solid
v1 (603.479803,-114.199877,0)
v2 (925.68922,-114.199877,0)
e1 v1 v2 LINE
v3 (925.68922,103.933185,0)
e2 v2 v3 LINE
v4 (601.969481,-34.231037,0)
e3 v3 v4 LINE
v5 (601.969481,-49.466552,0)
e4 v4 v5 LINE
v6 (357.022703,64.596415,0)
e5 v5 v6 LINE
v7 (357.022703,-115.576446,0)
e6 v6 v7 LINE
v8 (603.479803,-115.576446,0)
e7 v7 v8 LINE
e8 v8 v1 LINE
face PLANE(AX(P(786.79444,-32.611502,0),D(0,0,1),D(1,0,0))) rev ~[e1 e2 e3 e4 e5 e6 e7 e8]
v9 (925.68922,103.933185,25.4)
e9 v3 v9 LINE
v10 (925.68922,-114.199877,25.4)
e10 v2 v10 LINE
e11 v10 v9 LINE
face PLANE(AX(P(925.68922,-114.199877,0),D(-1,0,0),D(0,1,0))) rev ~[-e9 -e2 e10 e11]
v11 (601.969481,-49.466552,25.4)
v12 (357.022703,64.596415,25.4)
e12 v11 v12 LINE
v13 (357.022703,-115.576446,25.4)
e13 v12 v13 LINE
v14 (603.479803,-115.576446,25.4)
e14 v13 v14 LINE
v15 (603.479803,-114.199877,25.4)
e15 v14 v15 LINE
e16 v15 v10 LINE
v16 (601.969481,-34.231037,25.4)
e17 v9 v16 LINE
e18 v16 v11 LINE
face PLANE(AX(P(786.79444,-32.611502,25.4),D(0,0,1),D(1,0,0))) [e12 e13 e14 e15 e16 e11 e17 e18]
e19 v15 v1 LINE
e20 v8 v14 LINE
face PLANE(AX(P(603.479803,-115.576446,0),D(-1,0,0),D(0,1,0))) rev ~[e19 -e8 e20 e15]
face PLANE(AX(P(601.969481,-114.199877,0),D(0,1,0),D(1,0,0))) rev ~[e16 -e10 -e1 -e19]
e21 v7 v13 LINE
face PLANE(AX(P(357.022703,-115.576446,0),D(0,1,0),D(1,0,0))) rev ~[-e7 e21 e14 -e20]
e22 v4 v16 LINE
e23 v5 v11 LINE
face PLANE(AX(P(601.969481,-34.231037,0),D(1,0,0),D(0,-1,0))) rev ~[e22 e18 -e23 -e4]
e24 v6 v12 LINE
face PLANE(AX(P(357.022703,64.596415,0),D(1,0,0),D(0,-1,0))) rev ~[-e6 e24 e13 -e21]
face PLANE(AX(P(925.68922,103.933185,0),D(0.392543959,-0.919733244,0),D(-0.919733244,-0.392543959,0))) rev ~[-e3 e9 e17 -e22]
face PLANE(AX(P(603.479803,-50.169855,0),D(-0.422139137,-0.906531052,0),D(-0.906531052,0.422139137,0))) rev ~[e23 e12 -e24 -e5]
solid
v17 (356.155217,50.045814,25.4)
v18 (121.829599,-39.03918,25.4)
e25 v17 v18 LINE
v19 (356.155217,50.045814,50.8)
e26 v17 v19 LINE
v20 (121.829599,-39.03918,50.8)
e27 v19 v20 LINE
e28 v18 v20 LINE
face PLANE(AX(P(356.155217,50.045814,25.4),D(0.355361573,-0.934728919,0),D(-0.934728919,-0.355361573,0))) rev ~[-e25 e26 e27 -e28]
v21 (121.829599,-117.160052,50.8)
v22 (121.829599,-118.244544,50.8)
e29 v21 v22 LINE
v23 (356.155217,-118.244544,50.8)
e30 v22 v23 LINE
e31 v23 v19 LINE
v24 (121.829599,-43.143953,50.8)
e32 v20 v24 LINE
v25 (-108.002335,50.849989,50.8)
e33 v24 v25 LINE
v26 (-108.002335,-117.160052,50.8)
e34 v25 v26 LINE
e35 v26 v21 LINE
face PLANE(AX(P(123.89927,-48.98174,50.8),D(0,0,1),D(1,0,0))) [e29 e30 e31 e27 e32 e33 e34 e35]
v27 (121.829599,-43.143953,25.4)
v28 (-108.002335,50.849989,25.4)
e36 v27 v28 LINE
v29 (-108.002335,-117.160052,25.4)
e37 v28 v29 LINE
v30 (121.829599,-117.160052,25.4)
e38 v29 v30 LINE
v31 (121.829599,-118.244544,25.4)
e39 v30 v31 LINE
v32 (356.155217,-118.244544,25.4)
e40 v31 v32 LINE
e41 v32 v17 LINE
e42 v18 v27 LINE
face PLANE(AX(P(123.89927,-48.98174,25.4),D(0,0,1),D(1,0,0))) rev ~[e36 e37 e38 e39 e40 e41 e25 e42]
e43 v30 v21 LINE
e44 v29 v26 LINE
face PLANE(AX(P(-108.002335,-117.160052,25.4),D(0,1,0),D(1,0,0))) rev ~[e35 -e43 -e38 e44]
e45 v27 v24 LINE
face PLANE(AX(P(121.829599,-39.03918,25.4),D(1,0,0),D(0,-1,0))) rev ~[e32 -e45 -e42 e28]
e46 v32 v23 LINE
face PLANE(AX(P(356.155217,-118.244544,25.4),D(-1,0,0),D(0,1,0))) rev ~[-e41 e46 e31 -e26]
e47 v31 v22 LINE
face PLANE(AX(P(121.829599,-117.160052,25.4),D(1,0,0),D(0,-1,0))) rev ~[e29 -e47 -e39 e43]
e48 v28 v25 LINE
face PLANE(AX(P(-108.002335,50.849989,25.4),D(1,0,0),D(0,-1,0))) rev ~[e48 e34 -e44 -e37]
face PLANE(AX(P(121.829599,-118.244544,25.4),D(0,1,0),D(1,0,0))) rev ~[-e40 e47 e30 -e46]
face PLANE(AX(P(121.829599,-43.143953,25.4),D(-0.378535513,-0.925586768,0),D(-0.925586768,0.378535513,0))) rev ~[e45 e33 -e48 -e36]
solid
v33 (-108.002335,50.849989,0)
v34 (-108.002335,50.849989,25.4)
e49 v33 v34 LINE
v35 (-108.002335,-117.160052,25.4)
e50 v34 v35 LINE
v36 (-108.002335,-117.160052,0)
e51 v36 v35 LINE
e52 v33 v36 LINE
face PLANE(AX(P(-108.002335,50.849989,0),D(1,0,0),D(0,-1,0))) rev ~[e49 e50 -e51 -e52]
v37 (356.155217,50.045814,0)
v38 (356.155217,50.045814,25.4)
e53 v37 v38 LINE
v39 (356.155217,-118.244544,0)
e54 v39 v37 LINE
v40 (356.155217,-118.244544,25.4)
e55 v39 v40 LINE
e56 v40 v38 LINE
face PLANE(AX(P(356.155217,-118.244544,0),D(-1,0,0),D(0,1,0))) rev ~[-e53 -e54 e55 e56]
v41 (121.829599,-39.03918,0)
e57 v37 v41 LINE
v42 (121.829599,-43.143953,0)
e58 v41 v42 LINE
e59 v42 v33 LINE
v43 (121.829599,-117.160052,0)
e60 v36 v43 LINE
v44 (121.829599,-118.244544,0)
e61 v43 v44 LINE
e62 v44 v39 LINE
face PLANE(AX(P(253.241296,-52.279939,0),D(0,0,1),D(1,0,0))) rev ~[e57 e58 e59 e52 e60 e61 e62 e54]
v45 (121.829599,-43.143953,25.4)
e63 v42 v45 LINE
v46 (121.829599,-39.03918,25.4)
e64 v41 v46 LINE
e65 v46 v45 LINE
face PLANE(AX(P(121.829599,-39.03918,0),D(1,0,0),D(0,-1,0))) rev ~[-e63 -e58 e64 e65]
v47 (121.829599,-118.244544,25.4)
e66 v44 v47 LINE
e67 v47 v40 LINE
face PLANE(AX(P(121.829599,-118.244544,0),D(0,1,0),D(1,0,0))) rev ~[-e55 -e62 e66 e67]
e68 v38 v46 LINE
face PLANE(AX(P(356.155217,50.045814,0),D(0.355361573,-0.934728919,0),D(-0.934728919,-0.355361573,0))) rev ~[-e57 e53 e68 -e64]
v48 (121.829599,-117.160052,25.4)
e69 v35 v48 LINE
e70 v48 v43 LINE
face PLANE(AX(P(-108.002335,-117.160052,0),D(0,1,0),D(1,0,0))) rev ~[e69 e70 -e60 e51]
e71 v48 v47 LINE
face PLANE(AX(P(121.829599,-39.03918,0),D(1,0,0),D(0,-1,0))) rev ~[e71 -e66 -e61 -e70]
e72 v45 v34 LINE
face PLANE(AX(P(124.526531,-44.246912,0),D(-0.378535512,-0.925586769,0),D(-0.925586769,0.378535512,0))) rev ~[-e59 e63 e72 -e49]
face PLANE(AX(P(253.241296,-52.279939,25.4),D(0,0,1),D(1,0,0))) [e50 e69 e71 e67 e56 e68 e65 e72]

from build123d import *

# Parameters (mm, degrees)
F1_DEPTH = 25.4
F3_DEPTH = 25.4
F5_DEPTH = 25.4
F7_DEPTH = 25.4


with BuildPart() as f1:
    # F0 (on Top) → F1 (new body)
    with BuildSketch(Plane.XY):
        Polygon((-108.002335, 50.849989), (-108.002335, -117.160052), (124.526531, -117.160052), (124.526531, -44.246912), align=None)
    extrude(amount=F1_DEPTH)

    # F2 (on Top) → F3 (join)
    with BuildSketch(Plane.XY):
        Polygon((121.829599, -39.03918), (121.829599, -118.244544), (356.155217, -118.244544), (356.155217, 50.045814), align=None)
    extrude(amount=F3_DEPTH)


with BuildPart() as f5:
    # F4 (on Top) + F3_face (on face) → F5 (new body)
    with BuildSketch(Plane.XY):
        Polygon((357.022703, 64.596415), (357.022703, -115.576446), (603.479803, -115.576446), (603.479803, -50.169855), align=None)
    with BuildSketch(Plane(origin=(125.264919, -53.655909, 25.4), x_dir=(1, 0, 0), z_dir=(0, 0, 1))):
        Polygon((-3.43532, 10.511956), (-233.267254, 104.505898), (-233.267254, -63.504143), (-3.43532, -63.504143), (-3.43532, -64.588635), (230.890298, -64.588635), (230.890298, 103.701723), (-3.43532, 14.616729), align=None)
    extrude(amount=F5_DEPTH)

    # F6 (on Top) → F7 (join)
    with BuildSketch(Plane.XY):
        Polygon((601.969481, -34.231037), (601.969481, -114.199877), (925.68922, -114.199877), (925.68922, 103.933185), align=None)
    extrude(amount=F7_DEPTH)


solid = Compound([f1.part, f5.part])
